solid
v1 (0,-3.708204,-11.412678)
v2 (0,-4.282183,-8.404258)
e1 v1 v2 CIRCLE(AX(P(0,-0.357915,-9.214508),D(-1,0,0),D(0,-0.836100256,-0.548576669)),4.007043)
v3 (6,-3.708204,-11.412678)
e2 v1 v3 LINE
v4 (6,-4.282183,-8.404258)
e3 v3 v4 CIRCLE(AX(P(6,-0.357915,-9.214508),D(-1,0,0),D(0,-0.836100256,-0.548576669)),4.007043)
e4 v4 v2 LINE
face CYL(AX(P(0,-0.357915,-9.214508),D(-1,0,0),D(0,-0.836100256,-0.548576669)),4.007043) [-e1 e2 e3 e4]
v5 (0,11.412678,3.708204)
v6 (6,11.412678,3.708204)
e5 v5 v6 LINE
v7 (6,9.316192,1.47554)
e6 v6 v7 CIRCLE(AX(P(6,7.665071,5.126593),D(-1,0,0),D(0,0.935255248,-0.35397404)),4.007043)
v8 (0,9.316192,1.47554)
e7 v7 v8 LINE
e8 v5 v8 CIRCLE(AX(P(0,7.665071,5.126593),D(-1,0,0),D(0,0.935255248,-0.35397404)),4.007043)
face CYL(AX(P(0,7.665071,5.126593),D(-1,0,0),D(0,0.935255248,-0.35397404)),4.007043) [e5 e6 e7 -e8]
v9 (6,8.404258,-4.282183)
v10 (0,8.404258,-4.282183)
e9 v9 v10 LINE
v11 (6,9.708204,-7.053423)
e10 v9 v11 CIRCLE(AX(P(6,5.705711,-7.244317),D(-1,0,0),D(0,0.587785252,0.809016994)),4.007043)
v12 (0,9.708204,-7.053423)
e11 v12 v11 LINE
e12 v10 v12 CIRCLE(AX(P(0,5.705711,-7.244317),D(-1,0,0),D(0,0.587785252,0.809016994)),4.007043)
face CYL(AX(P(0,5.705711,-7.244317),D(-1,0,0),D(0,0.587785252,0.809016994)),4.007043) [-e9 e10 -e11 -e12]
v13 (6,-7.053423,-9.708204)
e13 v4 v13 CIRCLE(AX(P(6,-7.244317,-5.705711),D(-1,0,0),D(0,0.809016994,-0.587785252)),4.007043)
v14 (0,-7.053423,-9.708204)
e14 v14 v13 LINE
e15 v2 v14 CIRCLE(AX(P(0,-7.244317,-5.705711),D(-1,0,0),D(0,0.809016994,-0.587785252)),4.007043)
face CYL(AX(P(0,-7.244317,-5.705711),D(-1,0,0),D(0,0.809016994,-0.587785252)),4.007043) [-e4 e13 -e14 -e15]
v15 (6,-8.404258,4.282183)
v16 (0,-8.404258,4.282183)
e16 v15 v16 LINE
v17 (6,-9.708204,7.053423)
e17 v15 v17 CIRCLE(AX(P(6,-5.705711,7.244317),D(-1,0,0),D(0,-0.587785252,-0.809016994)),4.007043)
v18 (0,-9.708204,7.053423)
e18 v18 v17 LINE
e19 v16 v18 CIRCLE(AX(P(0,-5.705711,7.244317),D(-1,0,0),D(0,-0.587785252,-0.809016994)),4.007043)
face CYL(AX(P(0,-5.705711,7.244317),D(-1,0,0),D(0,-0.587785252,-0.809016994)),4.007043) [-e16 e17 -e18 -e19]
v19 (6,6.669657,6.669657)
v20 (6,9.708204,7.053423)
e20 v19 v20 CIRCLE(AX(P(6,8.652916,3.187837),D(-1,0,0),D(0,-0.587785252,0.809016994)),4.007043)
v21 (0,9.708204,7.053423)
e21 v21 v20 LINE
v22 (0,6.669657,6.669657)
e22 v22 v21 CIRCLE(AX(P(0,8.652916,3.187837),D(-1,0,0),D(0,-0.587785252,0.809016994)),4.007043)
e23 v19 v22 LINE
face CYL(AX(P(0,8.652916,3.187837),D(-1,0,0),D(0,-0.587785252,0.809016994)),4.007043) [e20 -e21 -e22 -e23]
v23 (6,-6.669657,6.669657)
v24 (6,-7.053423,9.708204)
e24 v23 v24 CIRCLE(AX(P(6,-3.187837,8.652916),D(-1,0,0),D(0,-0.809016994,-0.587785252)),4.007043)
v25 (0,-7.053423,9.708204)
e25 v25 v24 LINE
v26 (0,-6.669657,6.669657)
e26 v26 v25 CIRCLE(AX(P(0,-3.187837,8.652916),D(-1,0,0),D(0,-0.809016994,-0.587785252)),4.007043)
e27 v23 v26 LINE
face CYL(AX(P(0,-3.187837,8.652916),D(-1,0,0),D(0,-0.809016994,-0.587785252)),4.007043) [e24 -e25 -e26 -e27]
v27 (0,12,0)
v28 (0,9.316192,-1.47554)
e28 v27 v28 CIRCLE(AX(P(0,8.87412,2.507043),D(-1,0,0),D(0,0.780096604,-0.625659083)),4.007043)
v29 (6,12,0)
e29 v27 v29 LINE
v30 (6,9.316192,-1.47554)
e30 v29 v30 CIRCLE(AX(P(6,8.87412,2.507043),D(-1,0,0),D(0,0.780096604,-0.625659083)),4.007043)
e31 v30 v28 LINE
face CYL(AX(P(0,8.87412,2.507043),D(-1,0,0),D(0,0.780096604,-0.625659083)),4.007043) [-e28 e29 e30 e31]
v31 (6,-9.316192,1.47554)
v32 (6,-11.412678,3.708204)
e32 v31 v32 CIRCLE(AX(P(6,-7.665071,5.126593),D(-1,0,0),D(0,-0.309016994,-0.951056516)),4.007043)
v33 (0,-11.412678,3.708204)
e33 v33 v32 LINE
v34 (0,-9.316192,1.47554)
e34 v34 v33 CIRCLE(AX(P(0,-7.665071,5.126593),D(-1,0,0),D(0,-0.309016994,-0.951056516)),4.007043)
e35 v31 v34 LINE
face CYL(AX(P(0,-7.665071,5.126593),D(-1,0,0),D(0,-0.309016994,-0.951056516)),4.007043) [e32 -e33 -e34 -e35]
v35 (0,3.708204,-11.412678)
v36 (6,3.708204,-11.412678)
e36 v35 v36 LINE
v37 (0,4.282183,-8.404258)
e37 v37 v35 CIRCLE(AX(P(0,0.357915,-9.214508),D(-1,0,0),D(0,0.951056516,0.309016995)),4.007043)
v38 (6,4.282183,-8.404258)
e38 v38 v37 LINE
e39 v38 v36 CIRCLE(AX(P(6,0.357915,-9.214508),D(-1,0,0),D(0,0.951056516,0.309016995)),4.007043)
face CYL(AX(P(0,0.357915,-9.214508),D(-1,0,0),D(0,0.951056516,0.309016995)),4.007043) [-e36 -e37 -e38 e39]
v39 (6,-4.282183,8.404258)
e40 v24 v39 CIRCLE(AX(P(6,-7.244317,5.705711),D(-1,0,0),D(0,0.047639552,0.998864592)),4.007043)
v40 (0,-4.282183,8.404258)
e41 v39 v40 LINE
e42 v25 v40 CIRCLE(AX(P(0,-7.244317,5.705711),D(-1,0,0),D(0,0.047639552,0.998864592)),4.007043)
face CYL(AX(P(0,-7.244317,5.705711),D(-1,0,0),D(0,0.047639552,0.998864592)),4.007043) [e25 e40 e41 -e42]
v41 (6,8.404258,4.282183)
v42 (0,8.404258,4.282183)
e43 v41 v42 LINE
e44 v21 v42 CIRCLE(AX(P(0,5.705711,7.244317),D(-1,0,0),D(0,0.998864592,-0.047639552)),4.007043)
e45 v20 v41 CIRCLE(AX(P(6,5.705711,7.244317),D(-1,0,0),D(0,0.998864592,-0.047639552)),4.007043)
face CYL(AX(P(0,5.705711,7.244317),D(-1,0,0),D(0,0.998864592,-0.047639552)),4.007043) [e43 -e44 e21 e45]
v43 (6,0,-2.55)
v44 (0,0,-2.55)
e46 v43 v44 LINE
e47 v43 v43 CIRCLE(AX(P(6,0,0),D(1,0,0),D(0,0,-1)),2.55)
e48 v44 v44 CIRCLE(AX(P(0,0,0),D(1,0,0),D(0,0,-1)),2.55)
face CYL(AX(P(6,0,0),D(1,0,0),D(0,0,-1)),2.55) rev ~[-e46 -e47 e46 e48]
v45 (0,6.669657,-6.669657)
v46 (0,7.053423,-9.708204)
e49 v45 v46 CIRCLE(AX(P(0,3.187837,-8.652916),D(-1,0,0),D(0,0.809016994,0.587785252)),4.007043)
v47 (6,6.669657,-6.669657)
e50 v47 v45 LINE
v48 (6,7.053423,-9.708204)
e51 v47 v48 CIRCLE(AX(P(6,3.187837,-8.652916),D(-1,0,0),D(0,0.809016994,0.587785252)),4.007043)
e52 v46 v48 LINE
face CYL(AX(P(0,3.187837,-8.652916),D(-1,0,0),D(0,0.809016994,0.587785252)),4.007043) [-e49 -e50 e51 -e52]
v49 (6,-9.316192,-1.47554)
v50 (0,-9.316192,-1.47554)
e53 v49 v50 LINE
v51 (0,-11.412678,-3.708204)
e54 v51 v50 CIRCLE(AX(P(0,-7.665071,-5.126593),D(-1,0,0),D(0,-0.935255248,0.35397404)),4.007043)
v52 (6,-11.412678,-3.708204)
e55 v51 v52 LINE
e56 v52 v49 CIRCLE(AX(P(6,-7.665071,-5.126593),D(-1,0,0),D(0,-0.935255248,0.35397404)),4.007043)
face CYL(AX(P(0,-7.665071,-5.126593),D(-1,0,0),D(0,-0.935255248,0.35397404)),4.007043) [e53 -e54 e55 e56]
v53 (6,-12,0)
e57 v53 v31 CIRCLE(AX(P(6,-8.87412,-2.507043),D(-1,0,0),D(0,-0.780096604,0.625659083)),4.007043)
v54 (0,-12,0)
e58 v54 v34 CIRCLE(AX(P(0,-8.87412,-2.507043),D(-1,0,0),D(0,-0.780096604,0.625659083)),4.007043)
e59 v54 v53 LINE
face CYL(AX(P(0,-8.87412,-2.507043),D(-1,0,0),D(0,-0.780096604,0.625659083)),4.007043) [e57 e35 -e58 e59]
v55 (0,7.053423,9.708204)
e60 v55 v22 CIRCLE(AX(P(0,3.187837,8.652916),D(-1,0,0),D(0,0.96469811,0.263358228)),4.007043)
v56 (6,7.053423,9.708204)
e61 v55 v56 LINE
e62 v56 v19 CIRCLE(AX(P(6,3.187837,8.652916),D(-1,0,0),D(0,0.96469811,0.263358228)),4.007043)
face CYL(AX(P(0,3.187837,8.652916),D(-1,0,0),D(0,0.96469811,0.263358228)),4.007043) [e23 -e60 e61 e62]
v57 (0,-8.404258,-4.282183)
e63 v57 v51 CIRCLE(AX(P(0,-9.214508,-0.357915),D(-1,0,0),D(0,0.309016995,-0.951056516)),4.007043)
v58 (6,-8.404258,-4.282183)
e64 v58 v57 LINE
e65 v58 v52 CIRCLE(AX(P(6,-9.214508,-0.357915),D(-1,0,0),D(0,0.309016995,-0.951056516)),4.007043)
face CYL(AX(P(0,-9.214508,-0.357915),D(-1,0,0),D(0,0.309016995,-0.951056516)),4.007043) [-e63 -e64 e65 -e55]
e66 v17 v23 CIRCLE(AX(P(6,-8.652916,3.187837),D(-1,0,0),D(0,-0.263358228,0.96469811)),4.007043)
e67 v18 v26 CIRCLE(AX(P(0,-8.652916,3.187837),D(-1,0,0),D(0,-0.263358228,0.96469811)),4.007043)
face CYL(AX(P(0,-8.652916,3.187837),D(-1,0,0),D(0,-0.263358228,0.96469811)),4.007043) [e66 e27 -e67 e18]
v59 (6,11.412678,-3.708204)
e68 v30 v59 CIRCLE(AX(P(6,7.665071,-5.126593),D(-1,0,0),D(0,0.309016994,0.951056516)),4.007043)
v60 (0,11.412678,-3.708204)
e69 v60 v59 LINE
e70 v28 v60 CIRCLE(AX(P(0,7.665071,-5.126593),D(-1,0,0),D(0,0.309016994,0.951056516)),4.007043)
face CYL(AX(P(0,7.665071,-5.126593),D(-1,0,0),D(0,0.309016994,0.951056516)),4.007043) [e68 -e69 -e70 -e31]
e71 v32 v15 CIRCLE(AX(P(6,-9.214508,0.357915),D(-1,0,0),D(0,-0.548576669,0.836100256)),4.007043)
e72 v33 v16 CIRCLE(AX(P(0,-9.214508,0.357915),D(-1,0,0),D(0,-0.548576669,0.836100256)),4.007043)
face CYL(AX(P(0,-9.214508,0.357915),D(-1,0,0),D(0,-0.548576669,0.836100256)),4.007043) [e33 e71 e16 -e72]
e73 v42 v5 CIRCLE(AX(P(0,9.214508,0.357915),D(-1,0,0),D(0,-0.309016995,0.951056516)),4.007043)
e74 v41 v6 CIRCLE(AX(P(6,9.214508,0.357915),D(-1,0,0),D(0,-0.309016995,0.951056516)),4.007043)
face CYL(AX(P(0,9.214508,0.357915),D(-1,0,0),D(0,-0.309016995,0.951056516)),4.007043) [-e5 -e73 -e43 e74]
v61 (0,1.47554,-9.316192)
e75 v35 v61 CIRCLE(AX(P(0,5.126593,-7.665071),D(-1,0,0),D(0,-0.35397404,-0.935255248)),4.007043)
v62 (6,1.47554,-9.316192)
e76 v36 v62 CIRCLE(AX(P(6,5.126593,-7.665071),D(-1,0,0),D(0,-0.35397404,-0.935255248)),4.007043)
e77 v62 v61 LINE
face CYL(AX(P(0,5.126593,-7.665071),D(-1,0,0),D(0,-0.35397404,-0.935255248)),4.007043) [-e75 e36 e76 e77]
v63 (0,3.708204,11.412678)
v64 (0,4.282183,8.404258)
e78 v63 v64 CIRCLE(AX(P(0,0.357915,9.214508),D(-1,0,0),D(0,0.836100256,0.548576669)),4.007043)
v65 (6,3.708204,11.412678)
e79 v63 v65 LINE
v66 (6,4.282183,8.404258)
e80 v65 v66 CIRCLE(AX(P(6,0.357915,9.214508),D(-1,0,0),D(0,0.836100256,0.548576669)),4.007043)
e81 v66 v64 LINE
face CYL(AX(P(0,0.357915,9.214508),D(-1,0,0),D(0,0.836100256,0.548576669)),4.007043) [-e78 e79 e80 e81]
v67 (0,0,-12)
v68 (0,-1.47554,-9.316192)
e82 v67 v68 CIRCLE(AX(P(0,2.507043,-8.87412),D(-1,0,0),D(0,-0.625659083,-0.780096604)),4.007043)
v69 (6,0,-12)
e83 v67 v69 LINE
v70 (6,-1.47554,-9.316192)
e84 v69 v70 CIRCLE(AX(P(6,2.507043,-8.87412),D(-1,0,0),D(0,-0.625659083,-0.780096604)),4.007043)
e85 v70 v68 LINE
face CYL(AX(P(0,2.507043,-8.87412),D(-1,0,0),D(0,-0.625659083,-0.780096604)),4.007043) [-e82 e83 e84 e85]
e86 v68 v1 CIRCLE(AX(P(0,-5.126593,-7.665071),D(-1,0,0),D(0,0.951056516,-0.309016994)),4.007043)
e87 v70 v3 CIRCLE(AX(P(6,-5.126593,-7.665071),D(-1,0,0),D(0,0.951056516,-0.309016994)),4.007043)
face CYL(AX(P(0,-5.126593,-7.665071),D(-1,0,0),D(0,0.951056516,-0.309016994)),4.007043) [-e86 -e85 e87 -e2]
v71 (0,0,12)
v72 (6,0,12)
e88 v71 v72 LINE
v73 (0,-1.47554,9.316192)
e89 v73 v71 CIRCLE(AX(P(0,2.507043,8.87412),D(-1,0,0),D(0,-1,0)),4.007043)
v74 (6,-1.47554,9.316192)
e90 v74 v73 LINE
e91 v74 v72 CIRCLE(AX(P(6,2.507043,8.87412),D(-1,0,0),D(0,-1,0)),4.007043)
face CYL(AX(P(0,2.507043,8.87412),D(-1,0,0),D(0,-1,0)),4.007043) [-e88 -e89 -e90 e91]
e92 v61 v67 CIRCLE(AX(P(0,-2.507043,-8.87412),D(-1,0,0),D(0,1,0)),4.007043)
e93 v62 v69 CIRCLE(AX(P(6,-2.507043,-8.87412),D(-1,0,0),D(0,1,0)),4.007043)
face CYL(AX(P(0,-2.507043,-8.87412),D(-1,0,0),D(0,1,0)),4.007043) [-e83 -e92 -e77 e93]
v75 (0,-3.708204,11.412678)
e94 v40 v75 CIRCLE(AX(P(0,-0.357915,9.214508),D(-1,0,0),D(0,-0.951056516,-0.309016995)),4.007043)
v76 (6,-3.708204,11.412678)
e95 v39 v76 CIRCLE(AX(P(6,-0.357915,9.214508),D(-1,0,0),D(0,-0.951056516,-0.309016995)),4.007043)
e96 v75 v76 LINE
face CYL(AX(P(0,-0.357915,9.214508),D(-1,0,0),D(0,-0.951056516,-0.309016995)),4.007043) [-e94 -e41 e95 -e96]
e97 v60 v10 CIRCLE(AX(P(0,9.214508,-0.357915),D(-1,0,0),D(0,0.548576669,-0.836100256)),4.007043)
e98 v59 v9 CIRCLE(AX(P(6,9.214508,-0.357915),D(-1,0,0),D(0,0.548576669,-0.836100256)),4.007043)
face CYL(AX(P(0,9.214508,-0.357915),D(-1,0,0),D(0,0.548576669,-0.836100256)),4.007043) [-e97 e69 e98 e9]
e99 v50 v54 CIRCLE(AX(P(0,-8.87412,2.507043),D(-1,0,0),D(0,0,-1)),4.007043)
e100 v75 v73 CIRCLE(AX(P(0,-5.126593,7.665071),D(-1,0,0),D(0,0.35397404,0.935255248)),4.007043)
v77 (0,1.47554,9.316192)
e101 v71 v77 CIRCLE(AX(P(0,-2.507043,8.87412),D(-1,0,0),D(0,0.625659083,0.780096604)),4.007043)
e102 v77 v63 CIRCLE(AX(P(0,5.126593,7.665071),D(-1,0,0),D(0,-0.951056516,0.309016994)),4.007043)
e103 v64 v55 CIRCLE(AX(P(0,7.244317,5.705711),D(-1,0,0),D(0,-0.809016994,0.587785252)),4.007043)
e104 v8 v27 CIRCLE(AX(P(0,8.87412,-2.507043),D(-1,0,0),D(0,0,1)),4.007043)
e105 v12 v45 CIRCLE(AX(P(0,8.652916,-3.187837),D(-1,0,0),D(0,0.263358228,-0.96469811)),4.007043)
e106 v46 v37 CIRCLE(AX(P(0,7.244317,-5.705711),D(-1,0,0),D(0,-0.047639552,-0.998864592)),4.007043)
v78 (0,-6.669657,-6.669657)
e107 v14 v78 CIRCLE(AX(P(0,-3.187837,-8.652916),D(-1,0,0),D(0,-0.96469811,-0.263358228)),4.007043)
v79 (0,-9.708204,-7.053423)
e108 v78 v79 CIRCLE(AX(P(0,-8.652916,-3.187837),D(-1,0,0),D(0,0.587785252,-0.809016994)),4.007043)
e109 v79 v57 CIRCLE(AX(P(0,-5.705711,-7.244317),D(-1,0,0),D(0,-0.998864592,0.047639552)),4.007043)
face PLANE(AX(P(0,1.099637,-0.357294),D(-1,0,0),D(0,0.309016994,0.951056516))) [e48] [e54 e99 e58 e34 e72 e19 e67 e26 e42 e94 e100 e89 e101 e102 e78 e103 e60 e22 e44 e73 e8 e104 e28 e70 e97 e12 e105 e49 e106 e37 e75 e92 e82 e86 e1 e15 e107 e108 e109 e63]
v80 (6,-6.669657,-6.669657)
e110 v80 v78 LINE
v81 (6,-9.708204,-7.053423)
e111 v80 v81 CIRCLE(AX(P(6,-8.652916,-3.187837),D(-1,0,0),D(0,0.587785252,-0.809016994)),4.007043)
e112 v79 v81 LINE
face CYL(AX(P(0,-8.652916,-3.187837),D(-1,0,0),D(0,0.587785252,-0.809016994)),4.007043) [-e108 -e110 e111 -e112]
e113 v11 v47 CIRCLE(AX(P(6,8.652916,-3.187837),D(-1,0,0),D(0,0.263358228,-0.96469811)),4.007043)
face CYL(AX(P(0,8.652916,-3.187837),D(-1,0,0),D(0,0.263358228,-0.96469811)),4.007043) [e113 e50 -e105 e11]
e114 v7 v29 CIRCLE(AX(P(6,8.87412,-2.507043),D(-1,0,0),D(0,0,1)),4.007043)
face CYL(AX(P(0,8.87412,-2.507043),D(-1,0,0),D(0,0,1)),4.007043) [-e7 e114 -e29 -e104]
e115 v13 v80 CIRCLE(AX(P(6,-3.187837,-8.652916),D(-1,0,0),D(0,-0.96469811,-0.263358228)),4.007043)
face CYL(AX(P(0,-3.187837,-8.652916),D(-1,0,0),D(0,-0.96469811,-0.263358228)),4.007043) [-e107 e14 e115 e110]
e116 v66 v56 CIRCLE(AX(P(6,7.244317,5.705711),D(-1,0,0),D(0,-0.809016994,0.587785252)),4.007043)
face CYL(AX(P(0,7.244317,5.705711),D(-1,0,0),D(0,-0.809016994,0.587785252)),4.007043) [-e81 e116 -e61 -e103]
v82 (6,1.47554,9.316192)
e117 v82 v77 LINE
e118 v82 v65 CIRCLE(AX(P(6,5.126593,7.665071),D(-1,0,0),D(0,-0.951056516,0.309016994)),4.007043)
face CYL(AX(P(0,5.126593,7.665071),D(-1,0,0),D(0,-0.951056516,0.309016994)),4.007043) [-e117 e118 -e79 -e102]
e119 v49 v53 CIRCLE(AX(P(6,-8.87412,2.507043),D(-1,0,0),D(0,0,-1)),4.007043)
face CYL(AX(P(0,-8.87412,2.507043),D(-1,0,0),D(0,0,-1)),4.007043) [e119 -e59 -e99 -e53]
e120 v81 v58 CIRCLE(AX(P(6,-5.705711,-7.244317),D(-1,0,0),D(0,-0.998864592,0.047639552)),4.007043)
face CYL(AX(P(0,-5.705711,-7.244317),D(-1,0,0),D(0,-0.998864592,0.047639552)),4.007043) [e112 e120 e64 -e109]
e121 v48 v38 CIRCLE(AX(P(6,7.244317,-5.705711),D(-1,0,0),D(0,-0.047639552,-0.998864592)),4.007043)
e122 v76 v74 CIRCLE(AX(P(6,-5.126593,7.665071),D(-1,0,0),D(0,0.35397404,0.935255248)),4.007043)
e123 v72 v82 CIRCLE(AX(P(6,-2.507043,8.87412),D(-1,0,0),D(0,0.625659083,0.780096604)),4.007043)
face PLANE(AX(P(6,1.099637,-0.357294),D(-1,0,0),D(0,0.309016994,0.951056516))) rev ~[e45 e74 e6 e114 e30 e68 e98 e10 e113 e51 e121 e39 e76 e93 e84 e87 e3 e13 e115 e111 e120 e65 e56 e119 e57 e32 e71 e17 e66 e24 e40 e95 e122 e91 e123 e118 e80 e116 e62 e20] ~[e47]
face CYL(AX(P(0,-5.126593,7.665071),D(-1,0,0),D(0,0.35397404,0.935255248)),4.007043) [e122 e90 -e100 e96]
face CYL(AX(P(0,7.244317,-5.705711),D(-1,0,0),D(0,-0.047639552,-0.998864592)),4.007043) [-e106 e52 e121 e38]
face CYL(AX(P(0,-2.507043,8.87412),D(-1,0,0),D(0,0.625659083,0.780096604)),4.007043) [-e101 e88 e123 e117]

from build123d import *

# Parameters (mm, degrees)
EXTRUDE_1_DEPTH          = 6
PATTERN_CIRCULAR_1_COUNT = 20
SKETCH_2_R               = 2.55
CUT_EXTRUDE_1_DEPTH      = 19


with BuildPart() as part:
    # 스케치1 → 보스-돌출1 (new body)
    with BuildSketch(Plane(origin=(0, 0, 0), x_dir=(0, 0, -1), z_dir=(1, 0, 0))):
        with BuildLine():
            ThreePointArc((0, 12), (1.10558919, 10.60769458), (1.5, 8.874119675))
            ThreePointArc((1.5, 8.874119675), (0, -9), (-1.5, 8.874119675))
            ThreePointArc((-1.5, 8.874119675), (-1.10558919, 10.60769458), (0, 12))
        make_face()
    extrude_1 = extrude(amount=EXTRUDE_1_DEPTH)

    # 원형 패턴1: 보스-돌출1 ×20 about axis
    pattern_circular_1_axis = Axis((0, 0, 0), (1, 0, 0))
    for i in range(1, PATTERN_CIRCULAR_1_COUNT):
        add(extrude_1.rotate(pattern_circular_1_axis, i * 360 / PATTERN_CIRCULAR_1_COUNT))

    # 스케치2 → 컷-돌출1 (cut, through all)
    with BuildSketch(Plane(origin=(6, 0, 0), x_dir=(0, 0, -1), z_dir=(1, 0, 0))):
        Circle(SKETCH_2_R)
    extrude(amount=-CUT_EXTRUDE_1_DEPTH, mode=Mode.SUBTRACT)


solid = part.part
